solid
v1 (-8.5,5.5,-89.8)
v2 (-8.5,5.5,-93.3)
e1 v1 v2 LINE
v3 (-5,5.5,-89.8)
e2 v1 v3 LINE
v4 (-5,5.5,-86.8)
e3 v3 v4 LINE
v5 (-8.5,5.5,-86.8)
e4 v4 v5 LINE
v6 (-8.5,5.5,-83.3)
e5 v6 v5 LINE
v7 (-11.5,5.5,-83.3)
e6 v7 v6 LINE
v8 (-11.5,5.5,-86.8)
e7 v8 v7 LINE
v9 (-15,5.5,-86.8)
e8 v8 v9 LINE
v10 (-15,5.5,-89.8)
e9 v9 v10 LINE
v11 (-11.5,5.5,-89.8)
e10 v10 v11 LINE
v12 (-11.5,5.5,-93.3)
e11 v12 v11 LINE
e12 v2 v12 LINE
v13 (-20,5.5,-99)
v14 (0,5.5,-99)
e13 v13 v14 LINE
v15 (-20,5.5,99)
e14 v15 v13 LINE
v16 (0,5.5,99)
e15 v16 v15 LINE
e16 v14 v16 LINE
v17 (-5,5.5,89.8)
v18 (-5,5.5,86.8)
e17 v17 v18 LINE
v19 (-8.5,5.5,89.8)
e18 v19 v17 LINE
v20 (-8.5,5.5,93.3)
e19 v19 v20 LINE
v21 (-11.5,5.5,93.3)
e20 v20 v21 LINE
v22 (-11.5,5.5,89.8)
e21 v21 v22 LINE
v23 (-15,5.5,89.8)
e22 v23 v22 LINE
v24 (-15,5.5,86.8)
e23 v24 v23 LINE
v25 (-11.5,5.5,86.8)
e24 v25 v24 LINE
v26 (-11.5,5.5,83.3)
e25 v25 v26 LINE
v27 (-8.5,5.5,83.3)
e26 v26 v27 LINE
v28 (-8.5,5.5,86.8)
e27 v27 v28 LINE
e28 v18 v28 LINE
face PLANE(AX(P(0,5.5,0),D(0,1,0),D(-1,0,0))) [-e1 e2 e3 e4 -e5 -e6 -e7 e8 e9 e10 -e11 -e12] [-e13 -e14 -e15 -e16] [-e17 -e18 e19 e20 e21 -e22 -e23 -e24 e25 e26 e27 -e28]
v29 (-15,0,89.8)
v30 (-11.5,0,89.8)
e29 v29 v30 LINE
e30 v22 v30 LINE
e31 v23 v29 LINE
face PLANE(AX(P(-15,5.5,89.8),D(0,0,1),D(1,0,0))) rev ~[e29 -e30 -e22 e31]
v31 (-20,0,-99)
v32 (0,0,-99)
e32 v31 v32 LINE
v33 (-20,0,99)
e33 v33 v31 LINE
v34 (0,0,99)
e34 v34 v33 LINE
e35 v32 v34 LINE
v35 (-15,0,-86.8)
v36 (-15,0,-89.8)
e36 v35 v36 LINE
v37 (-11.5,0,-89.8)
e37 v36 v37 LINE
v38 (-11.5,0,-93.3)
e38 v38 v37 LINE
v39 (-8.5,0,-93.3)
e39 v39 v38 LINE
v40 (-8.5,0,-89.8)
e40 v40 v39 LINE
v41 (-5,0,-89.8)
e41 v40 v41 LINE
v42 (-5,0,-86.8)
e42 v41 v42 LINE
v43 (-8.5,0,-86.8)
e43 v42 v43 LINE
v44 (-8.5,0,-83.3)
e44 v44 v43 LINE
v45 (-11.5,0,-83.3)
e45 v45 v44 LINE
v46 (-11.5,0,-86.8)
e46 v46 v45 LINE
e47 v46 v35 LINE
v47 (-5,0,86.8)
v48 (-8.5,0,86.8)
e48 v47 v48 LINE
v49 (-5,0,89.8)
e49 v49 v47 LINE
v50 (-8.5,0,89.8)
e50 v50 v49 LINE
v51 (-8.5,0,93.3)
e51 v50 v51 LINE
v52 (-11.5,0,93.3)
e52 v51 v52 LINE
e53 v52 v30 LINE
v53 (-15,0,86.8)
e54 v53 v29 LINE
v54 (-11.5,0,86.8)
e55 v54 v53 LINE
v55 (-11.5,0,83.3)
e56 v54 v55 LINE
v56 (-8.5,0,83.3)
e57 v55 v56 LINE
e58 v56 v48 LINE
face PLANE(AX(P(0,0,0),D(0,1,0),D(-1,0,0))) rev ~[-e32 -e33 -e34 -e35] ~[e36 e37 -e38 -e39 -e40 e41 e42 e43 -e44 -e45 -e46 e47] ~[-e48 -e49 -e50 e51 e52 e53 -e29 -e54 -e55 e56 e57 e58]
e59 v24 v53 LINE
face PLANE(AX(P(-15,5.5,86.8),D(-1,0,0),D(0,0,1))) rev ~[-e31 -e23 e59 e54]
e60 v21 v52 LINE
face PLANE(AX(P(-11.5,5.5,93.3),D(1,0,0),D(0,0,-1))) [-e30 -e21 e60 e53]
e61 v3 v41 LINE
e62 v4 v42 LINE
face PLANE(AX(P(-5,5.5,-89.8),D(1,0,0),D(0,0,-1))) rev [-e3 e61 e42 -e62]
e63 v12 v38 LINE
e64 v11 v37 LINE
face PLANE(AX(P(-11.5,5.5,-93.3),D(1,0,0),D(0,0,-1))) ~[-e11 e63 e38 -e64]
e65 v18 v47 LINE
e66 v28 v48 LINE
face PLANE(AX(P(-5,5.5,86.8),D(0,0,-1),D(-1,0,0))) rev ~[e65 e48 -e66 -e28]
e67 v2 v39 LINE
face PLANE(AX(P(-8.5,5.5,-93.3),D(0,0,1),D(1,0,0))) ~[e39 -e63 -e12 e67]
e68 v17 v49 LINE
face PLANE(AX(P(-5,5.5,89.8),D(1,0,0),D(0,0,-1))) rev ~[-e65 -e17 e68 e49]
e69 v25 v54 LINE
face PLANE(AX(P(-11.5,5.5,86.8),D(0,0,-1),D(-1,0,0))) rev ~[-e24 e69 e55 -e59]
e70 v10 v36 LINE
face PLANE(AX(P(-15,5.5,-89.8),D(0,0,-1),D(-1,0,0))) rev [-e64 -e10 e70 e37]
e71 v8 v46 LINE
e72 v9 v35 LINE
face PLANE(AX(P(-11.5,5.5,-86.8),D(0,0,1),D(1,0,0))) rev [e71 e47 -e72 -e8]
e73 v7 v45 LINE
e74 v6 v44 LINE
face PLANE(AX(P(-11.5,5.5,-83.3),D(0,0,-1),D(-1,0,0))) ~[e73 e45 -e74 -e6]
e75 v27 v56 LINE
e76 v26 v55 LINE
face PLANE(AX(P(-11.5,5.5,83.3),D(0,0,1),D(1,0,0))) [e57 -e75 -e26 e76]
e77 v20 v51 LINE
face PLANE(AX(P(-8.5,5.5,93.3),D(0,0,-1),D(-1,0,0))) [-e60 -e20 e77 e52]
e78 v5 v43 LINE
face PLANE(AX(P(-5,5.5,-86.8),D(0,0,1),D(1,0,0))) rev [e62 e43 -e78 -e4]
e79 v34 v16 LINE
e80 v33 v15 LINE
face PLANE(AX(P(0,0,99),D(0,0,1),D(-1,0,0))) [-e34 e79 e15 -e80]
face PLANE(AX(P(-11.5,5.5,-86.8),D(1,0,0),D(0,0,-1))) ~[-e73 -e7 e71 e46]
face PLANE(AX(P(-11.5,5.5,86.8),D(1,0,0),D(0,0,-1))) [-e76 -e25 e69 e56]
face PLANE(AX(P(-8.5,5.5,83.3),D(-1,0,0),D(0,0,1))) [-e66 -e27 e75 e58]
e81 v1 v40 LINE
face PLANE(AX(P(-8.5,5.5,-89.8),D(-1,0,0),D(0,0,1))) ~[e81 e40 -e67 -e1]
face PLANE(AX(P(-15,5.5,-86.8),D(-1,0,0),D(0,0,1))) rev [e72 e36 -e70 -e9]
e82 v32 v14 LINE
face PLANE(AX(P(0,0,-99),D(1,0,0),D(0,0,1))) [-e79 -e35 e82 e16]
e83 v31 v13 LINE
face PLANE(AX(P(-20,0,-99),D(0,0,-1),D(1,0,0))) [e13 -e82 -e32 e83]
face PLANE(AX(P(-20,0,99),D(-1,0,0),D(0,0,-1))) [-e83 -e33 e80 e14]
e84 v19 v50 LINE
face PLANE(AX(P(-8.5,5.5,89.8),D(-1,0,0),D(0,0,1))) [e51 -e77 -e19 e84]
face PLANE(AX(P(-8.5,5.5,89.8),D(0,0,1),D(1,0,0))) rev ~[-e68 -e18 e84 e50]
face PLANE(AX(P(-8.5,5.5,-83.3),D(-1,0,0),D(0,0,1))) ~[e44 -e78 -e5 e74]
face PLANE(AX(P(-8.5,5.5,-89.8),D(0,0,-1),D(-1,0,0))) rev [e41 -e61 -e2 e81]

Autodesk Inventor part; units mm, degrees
ref_plane "YZ Plane" through (0, 0, 0) normal (1, 0, 0) x (0, 1, 0)
ref_plane "XZ Plane" through (0, 0, 0) normal (0, 1, 0) x (-1, 0, 0)
ref_plane "XY Plane" through (0, 0, 0) normal (0, 0, 1) x (1, 0, 0)
sketch "スケッチ1" plane through (0, 0, 0) normal (0, 1, 0) x (-1, 0, 0)
  line L0 (0, 99) -> (20, 99)
  line L1 (20, 99) -> (20, -99)
  line L2 (20, -99) -> (0, -99)
  line L3 (0, -99) -> (0, 99)
  point P0 (0, 0)
  point P1 (0, 0)
  dimension "d0" = 198
  dimension "d1" = 20
extrude "押し出し1" add sketch "スケッチ1" along normal blind 5.5
sketch "スケッチ2" plane through (0, 5.5, 0) normal (0, 1, 0) x (1, 0, 0)
  line L0 (-15, -89.8) -> (-5, -89.8)
  line L1 (-5, -89.8) -> (-5, -86.8)
  line L2 (-5, -86.8) -> (-15, -86.8)
  line L3 (-15, -86.8) -> (-15, -89.8)
  line L4 (-8.5, -93.3) -> (-11.5, -93.3)
  line L5 (-11.5, -93.3) -> (-11.5, -83.3)
  line L6 (-11.5, -83.3) -> (-8.5, -83.3)
  line L7 (-8.5, -83.3) -> (-8.5, -93.3)
  line L8 (-20, -99) -> (0, -99) projected
  point P0 (0, 0)
  point P1 (-8.5, -88.3)
  point P2 (-15, -88.3)
  point P3 (-10, -93.3)
  point P4 (-10, -89.8)
  point P5 (-10, -99)
  point P6 (-8.5, -86.8)
  point P7 (-11.5, -86.8)
  point P8 (-11.5, -89.8)
  point P9 (-8.5, -89.8)
  point P10 (-10, -99)
  dimension "d4" = 10
  dimension "d5" = 5.7
  dimension "d6" = 3
extrude "押し出し2" cut sketch "スケッチ2" against normal through all
mirror "ミラー1" about plane through (0, 0, 0) normal (0, 0, 1) of "押し出し2"
properties part number "back_under" material "木材 (カエデ材)"
